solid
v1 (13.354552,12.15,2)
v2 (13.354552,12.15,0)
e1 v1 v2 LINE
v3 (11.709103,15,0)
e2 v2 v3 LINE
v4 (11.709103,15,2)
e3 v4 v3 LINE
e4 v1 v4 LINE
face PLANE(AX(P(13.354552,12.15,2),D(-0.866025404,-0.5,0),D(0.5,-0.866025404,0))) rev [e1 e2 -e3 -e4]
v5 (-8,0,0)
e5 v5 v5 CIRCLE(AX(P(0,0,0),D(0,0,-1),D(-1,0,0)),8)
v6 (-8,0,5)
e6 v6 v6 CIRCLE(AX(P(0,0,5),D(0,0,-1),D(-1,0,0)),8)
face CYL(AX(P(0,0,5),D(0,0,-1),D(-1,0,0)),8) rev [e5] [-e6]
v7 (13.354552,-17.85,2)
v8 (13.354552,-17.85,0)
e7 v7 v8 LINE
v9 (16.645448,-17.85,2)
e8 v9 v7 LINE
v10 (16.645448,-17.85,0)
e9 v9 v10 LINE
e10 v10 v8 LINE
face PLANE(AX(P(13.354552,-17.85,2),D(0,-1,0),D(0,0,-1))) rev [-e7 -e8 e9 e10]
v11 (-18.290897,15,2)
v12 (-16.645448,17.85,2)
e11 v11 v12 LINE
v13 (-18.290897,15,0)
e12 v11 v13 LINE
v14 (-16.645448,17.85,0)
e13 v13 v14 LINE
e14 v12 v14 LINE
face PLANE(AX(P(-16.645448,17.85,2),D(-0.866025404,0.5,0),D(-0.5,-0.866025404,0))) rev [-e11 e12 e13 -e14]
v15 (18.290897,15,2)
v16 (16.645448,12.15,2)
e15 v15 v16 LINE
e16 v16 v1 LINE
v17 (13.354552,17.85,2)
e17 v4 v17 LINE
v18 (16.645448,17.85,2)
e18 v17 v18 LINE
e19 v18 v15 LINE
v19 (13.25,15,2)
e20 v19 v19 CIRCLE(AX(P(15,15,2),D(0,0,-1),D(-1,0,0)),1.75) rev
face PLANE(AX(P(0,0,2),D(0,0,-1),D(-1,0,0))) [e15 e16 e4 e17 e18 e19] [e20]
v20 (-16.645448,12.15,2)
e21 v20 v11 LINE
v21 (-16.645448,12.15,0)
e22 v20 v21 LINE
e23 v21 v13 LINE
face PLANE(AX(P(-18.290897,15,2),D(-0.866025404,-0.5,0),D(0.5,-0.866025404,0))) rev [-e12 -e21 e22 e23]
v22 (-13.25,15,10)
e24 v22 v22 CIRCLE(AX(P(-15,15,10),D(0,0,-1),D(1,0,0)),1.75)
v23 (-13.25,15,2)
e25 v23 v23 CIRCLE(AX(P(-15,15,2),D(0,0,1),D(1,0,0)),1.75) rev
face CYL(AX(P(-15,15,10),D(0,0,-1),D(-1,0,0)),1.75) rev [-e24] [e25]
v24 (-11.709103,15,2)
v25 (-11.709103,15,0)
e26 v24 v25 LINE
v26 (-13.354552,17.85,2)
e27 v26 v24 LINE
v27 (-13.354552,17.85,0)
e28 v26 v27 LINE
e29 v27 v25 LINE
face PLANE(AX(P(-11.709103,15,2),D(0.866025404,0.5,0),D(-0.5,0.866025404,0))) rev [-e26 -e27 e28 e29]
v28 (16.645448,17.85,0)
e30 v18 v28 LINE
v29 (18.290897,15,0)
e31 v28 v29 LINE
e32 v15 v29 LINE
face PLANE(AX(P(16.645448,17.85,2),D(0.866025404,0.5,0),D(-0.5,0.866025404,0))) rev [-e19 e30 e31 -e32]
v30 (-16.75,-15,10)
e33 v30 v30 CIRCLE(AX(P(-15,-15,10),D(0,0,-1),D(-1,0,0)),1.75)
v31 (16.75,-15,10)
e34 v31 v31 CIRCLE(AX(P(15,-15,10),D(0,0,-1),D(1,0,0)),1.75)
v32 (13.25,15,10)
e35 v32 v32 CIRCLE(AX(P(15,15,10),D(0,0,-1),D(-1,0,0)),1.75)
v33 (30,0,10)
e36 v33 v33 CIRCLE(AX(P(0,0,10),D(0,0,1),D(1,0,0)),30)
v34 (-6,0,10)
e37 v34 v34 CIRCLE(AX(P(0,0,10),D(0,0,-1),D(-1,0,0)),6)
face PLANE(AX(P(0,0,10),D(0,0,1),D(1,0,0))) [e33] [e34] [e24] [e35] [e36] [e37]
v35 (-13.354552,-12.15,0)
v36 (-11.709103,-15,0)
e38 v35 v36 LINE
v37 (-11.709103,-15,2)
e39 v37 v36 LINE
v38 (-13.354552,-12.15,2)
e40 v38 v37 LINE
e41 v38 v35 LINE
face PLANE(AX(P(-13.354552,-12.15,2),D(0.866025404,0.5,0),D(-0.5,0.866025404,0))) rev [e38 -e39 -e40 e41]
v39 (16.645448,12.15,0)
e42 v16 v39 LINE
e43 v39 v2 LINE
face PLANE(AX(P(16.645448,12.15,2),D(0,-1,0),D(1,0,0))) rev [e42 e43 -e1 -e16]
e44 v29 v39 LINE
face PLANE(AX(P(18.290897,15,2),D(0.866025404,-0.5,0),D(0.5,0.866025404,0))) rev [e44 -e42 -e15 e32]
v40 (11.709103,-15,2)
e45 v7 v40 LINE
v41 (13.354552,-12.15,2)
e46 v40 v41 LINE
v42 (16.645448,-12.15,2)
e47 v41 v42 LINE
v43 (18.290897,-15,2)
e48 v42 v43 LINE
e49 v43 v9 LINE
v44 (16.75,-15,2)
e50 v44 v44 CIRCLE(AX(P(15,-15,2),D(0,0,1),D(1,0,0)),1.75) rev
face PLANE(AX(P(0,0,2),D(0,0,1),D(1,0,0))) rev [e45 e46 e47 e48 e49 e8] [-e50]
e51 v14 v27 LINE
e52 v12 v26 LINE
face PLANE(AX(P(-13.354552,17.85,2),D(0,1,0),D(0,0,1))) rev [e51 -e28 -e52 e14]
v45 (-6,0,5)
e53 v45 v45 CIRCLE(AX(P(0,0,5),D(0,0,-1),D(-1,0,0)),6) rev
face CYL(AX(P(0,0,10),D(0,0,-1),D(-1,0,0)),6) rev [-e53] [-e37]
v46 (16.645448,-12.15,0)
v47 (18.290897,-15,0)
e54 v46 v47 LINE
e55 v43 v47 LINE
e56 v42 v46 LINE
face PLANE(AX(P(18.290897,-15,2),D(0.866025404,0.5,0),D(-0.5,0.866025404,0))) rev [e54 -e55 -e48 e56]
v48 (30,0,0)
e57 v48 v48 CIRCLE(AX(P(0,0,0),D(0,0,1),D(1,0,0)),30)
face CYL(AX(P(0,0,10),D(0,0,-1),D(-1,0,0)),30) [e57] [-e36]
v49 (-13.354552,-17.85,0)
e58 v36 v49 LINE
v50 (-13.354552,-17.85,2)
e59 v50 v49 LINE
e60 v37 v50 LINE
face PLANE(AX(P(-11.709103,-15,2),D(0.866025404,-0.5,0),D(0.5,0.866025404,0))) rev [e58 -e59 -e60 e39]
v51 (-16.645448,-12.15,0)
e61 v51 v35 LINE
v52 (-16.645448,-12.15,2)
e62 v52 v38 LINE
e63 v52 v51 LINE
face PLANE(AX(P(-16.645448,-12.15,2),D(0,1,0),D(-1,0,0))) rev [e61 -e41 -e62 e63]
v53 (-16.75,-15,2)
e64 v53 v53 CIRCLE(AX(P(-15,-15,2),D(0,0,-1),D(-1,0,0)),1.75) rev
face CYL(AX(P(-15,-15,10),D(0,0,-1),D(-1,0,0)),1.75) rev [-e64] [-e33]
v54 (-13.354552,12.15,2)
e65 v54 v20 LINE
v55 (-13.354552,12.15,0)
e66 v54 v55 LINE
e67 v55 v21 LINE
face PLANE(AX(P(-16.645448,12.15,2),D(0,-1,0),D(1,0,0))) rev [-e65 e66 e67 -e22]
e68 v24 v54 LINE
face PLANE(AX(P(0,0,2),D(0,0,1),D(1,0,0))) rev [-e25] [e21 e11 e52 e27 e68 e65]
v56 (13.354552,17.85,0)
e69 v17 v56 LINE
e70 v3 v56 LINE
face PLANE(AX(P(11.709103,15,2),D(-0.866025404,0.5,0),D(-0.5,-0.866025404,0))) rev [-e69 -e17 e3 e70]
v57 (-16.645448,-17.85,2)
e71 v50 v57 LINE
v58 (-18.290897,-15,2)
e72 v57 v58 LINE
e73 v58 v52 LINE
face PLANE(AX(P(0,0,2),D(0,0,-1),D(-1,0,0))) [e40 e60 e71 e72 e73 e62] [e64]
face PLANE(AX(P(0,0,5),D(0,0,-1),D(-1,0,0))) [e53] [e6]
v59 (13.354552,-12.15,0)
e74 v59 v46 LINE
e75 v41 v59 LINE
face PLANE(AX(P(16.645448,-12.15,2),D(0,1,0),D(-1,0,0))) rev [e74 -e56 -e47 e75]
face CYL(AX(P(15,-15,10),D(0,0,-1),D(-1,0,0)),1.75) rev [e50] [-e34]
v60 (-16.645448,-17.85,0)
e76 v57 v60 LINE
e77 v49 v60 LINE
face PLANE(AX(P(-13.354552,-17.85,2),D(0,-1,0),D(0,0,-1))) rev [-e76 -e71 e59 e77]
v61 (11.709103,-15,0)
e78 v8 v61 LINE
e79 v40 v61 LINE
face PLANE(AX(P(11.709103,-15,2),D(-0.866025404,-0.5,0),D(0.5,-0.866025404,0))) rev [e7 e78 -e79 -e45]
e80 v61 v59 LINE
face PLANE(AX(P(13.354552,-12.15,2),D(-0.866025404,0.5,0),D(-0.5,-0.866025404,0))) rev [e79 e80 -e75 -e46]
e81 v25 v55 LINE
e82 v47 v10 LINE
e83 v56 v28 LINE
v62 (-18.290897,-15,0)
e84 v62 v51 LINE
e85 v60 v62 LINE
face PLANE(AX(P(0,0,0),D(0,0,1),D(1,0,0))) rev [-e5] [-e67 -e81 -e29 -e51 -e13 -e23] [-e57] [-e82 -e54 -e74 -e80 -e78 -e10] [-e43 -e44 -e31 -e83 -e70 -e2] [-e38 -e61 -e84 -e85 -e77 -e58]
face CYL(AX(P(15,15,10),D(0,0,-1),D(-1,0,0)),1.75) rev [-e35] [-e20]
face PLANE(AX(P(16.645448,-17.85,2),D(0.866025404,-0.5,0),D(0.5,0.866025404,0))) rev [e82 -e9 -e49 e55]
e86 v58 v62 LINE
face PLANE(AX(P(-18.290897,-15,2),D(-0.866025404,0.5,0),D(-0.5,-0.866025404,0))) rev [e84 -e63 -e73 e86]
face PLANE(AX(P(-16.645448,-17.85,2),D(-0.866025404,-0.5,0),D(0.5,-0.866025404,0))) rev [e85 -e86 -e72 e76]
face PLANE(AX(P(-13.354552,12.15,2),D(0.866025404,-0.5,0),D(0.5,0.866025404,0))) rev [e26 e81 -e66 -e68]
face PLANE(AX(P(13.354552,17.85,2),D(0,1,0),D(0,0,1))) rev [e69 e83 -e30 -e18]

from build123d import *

# Parameters (mm, degrees)
SKETCH1_R           = 30
BOSS_EXTRUDE1_DEPTH = 10
SKETCH2_R           = 6
CUT_EXTRUDE1_DEPTH  = 44.588989435
SKETCH3_R           = 8
CUT_EXTRUDE2_DEPTH  = 5
SKETCH4_R           = 1.75
CUT_EXTRUDE3_DEPTH  = 44.588989435
CUT_EXTRUDE4_DEPTH  = 2


with BuildPart() as part:
    # Sketch1 → Boss-Extrude1 (new body)
    with BuildSketch(Plane.XY):
        Circle(SKETCH1_R)
    extrude(amount=BOSS_EXTRUDE1_DEPTH)

    # Sketch2 → Cut-Extrude1 (cut, through all)
    with BuildSketch(Plane(origin=(0, 0, 0), x_dir=(-1, 0, 0), z_dir=(0, 0, -1))):
        Circle(SKETCH2_R)
    extrude(amount=-CUT_EXTRUDE1_DEPTH, mode=Mode.SUBTRACT)

    # Sketch3 → Cut-Extrude2 (cut)
    with BuildSketch(Plane(origin=(0, 0, 0), x_dir=(-1, 0, 0), z_dir=(0, 0, -1))):
        Circle(SKETCH3_R)
    extrude(amount=-CUT_EXTRUDE2_DEPTH, mode=Mode.SUBTRACT)

    # Sketch4 → Cut-Extrude3 (cut, through all)
    with BuildSketch(Plane(origin=(0, 0, 0), x_dir=(-1, 0, 0), z_dir=(0, 0, -1))):
        with Locations((-15, 15)):
            Circle(SKETCH4_R)
        with Locations(Location((15, 15, 0), (0, 0, 180))):
            Circle(SKETCH4_R)
        with Locations((15, -15)):
            Circle(SKETCH4_R)
        with Locations(Location((-15, -15, 0), (0, 0, 180))):
            Circle(SKETCH4_R)
    extrude(amount=-CUT_EXTRUDE3_DEPTH, mode=Mode.SUBTRACT)

    # Sketch5 → Cut-Extrude4 (cut)
    with BuildSketch(Plane(origin=(0, 0, 0), x_dir=(-1, 0, 0), z_dir=(0, 0, -1))):
        Polygon((-11.709103466, 15), (-13.354551733, 17.85), (-16.645448267, 17.85), (-18.290896534, 15), (-16.645448267, 12.15), (-13.354551733, 12.15), align=None)
        Polygon((13.354551733, 12.15), (11.709103466, 15), (13.354551733, 17.85), (16.645448267, 17.85), (18.290896534, 15), (16.645448267, 12.15), align=None)
        Polygon((11.709103466, -15), (13.354551733, -17.85), (16.645448267, -17.85), (18.290896534, -15), (16.645448267, -12.15), (13.354551733, -12.15), align=None)
        Polygon((-13.354551733, -12.15), (-11.709103466, -15), (-13.354551733, -17.85), (-16.645448267, -17.85), (-18.290896534, -15), (-16.645448267, -12.15), align=None)
    extrude(amount=-CUT_EXTRUDE4_DEPTH, mode=Mode.SUBTRACT)


solid = part.part
